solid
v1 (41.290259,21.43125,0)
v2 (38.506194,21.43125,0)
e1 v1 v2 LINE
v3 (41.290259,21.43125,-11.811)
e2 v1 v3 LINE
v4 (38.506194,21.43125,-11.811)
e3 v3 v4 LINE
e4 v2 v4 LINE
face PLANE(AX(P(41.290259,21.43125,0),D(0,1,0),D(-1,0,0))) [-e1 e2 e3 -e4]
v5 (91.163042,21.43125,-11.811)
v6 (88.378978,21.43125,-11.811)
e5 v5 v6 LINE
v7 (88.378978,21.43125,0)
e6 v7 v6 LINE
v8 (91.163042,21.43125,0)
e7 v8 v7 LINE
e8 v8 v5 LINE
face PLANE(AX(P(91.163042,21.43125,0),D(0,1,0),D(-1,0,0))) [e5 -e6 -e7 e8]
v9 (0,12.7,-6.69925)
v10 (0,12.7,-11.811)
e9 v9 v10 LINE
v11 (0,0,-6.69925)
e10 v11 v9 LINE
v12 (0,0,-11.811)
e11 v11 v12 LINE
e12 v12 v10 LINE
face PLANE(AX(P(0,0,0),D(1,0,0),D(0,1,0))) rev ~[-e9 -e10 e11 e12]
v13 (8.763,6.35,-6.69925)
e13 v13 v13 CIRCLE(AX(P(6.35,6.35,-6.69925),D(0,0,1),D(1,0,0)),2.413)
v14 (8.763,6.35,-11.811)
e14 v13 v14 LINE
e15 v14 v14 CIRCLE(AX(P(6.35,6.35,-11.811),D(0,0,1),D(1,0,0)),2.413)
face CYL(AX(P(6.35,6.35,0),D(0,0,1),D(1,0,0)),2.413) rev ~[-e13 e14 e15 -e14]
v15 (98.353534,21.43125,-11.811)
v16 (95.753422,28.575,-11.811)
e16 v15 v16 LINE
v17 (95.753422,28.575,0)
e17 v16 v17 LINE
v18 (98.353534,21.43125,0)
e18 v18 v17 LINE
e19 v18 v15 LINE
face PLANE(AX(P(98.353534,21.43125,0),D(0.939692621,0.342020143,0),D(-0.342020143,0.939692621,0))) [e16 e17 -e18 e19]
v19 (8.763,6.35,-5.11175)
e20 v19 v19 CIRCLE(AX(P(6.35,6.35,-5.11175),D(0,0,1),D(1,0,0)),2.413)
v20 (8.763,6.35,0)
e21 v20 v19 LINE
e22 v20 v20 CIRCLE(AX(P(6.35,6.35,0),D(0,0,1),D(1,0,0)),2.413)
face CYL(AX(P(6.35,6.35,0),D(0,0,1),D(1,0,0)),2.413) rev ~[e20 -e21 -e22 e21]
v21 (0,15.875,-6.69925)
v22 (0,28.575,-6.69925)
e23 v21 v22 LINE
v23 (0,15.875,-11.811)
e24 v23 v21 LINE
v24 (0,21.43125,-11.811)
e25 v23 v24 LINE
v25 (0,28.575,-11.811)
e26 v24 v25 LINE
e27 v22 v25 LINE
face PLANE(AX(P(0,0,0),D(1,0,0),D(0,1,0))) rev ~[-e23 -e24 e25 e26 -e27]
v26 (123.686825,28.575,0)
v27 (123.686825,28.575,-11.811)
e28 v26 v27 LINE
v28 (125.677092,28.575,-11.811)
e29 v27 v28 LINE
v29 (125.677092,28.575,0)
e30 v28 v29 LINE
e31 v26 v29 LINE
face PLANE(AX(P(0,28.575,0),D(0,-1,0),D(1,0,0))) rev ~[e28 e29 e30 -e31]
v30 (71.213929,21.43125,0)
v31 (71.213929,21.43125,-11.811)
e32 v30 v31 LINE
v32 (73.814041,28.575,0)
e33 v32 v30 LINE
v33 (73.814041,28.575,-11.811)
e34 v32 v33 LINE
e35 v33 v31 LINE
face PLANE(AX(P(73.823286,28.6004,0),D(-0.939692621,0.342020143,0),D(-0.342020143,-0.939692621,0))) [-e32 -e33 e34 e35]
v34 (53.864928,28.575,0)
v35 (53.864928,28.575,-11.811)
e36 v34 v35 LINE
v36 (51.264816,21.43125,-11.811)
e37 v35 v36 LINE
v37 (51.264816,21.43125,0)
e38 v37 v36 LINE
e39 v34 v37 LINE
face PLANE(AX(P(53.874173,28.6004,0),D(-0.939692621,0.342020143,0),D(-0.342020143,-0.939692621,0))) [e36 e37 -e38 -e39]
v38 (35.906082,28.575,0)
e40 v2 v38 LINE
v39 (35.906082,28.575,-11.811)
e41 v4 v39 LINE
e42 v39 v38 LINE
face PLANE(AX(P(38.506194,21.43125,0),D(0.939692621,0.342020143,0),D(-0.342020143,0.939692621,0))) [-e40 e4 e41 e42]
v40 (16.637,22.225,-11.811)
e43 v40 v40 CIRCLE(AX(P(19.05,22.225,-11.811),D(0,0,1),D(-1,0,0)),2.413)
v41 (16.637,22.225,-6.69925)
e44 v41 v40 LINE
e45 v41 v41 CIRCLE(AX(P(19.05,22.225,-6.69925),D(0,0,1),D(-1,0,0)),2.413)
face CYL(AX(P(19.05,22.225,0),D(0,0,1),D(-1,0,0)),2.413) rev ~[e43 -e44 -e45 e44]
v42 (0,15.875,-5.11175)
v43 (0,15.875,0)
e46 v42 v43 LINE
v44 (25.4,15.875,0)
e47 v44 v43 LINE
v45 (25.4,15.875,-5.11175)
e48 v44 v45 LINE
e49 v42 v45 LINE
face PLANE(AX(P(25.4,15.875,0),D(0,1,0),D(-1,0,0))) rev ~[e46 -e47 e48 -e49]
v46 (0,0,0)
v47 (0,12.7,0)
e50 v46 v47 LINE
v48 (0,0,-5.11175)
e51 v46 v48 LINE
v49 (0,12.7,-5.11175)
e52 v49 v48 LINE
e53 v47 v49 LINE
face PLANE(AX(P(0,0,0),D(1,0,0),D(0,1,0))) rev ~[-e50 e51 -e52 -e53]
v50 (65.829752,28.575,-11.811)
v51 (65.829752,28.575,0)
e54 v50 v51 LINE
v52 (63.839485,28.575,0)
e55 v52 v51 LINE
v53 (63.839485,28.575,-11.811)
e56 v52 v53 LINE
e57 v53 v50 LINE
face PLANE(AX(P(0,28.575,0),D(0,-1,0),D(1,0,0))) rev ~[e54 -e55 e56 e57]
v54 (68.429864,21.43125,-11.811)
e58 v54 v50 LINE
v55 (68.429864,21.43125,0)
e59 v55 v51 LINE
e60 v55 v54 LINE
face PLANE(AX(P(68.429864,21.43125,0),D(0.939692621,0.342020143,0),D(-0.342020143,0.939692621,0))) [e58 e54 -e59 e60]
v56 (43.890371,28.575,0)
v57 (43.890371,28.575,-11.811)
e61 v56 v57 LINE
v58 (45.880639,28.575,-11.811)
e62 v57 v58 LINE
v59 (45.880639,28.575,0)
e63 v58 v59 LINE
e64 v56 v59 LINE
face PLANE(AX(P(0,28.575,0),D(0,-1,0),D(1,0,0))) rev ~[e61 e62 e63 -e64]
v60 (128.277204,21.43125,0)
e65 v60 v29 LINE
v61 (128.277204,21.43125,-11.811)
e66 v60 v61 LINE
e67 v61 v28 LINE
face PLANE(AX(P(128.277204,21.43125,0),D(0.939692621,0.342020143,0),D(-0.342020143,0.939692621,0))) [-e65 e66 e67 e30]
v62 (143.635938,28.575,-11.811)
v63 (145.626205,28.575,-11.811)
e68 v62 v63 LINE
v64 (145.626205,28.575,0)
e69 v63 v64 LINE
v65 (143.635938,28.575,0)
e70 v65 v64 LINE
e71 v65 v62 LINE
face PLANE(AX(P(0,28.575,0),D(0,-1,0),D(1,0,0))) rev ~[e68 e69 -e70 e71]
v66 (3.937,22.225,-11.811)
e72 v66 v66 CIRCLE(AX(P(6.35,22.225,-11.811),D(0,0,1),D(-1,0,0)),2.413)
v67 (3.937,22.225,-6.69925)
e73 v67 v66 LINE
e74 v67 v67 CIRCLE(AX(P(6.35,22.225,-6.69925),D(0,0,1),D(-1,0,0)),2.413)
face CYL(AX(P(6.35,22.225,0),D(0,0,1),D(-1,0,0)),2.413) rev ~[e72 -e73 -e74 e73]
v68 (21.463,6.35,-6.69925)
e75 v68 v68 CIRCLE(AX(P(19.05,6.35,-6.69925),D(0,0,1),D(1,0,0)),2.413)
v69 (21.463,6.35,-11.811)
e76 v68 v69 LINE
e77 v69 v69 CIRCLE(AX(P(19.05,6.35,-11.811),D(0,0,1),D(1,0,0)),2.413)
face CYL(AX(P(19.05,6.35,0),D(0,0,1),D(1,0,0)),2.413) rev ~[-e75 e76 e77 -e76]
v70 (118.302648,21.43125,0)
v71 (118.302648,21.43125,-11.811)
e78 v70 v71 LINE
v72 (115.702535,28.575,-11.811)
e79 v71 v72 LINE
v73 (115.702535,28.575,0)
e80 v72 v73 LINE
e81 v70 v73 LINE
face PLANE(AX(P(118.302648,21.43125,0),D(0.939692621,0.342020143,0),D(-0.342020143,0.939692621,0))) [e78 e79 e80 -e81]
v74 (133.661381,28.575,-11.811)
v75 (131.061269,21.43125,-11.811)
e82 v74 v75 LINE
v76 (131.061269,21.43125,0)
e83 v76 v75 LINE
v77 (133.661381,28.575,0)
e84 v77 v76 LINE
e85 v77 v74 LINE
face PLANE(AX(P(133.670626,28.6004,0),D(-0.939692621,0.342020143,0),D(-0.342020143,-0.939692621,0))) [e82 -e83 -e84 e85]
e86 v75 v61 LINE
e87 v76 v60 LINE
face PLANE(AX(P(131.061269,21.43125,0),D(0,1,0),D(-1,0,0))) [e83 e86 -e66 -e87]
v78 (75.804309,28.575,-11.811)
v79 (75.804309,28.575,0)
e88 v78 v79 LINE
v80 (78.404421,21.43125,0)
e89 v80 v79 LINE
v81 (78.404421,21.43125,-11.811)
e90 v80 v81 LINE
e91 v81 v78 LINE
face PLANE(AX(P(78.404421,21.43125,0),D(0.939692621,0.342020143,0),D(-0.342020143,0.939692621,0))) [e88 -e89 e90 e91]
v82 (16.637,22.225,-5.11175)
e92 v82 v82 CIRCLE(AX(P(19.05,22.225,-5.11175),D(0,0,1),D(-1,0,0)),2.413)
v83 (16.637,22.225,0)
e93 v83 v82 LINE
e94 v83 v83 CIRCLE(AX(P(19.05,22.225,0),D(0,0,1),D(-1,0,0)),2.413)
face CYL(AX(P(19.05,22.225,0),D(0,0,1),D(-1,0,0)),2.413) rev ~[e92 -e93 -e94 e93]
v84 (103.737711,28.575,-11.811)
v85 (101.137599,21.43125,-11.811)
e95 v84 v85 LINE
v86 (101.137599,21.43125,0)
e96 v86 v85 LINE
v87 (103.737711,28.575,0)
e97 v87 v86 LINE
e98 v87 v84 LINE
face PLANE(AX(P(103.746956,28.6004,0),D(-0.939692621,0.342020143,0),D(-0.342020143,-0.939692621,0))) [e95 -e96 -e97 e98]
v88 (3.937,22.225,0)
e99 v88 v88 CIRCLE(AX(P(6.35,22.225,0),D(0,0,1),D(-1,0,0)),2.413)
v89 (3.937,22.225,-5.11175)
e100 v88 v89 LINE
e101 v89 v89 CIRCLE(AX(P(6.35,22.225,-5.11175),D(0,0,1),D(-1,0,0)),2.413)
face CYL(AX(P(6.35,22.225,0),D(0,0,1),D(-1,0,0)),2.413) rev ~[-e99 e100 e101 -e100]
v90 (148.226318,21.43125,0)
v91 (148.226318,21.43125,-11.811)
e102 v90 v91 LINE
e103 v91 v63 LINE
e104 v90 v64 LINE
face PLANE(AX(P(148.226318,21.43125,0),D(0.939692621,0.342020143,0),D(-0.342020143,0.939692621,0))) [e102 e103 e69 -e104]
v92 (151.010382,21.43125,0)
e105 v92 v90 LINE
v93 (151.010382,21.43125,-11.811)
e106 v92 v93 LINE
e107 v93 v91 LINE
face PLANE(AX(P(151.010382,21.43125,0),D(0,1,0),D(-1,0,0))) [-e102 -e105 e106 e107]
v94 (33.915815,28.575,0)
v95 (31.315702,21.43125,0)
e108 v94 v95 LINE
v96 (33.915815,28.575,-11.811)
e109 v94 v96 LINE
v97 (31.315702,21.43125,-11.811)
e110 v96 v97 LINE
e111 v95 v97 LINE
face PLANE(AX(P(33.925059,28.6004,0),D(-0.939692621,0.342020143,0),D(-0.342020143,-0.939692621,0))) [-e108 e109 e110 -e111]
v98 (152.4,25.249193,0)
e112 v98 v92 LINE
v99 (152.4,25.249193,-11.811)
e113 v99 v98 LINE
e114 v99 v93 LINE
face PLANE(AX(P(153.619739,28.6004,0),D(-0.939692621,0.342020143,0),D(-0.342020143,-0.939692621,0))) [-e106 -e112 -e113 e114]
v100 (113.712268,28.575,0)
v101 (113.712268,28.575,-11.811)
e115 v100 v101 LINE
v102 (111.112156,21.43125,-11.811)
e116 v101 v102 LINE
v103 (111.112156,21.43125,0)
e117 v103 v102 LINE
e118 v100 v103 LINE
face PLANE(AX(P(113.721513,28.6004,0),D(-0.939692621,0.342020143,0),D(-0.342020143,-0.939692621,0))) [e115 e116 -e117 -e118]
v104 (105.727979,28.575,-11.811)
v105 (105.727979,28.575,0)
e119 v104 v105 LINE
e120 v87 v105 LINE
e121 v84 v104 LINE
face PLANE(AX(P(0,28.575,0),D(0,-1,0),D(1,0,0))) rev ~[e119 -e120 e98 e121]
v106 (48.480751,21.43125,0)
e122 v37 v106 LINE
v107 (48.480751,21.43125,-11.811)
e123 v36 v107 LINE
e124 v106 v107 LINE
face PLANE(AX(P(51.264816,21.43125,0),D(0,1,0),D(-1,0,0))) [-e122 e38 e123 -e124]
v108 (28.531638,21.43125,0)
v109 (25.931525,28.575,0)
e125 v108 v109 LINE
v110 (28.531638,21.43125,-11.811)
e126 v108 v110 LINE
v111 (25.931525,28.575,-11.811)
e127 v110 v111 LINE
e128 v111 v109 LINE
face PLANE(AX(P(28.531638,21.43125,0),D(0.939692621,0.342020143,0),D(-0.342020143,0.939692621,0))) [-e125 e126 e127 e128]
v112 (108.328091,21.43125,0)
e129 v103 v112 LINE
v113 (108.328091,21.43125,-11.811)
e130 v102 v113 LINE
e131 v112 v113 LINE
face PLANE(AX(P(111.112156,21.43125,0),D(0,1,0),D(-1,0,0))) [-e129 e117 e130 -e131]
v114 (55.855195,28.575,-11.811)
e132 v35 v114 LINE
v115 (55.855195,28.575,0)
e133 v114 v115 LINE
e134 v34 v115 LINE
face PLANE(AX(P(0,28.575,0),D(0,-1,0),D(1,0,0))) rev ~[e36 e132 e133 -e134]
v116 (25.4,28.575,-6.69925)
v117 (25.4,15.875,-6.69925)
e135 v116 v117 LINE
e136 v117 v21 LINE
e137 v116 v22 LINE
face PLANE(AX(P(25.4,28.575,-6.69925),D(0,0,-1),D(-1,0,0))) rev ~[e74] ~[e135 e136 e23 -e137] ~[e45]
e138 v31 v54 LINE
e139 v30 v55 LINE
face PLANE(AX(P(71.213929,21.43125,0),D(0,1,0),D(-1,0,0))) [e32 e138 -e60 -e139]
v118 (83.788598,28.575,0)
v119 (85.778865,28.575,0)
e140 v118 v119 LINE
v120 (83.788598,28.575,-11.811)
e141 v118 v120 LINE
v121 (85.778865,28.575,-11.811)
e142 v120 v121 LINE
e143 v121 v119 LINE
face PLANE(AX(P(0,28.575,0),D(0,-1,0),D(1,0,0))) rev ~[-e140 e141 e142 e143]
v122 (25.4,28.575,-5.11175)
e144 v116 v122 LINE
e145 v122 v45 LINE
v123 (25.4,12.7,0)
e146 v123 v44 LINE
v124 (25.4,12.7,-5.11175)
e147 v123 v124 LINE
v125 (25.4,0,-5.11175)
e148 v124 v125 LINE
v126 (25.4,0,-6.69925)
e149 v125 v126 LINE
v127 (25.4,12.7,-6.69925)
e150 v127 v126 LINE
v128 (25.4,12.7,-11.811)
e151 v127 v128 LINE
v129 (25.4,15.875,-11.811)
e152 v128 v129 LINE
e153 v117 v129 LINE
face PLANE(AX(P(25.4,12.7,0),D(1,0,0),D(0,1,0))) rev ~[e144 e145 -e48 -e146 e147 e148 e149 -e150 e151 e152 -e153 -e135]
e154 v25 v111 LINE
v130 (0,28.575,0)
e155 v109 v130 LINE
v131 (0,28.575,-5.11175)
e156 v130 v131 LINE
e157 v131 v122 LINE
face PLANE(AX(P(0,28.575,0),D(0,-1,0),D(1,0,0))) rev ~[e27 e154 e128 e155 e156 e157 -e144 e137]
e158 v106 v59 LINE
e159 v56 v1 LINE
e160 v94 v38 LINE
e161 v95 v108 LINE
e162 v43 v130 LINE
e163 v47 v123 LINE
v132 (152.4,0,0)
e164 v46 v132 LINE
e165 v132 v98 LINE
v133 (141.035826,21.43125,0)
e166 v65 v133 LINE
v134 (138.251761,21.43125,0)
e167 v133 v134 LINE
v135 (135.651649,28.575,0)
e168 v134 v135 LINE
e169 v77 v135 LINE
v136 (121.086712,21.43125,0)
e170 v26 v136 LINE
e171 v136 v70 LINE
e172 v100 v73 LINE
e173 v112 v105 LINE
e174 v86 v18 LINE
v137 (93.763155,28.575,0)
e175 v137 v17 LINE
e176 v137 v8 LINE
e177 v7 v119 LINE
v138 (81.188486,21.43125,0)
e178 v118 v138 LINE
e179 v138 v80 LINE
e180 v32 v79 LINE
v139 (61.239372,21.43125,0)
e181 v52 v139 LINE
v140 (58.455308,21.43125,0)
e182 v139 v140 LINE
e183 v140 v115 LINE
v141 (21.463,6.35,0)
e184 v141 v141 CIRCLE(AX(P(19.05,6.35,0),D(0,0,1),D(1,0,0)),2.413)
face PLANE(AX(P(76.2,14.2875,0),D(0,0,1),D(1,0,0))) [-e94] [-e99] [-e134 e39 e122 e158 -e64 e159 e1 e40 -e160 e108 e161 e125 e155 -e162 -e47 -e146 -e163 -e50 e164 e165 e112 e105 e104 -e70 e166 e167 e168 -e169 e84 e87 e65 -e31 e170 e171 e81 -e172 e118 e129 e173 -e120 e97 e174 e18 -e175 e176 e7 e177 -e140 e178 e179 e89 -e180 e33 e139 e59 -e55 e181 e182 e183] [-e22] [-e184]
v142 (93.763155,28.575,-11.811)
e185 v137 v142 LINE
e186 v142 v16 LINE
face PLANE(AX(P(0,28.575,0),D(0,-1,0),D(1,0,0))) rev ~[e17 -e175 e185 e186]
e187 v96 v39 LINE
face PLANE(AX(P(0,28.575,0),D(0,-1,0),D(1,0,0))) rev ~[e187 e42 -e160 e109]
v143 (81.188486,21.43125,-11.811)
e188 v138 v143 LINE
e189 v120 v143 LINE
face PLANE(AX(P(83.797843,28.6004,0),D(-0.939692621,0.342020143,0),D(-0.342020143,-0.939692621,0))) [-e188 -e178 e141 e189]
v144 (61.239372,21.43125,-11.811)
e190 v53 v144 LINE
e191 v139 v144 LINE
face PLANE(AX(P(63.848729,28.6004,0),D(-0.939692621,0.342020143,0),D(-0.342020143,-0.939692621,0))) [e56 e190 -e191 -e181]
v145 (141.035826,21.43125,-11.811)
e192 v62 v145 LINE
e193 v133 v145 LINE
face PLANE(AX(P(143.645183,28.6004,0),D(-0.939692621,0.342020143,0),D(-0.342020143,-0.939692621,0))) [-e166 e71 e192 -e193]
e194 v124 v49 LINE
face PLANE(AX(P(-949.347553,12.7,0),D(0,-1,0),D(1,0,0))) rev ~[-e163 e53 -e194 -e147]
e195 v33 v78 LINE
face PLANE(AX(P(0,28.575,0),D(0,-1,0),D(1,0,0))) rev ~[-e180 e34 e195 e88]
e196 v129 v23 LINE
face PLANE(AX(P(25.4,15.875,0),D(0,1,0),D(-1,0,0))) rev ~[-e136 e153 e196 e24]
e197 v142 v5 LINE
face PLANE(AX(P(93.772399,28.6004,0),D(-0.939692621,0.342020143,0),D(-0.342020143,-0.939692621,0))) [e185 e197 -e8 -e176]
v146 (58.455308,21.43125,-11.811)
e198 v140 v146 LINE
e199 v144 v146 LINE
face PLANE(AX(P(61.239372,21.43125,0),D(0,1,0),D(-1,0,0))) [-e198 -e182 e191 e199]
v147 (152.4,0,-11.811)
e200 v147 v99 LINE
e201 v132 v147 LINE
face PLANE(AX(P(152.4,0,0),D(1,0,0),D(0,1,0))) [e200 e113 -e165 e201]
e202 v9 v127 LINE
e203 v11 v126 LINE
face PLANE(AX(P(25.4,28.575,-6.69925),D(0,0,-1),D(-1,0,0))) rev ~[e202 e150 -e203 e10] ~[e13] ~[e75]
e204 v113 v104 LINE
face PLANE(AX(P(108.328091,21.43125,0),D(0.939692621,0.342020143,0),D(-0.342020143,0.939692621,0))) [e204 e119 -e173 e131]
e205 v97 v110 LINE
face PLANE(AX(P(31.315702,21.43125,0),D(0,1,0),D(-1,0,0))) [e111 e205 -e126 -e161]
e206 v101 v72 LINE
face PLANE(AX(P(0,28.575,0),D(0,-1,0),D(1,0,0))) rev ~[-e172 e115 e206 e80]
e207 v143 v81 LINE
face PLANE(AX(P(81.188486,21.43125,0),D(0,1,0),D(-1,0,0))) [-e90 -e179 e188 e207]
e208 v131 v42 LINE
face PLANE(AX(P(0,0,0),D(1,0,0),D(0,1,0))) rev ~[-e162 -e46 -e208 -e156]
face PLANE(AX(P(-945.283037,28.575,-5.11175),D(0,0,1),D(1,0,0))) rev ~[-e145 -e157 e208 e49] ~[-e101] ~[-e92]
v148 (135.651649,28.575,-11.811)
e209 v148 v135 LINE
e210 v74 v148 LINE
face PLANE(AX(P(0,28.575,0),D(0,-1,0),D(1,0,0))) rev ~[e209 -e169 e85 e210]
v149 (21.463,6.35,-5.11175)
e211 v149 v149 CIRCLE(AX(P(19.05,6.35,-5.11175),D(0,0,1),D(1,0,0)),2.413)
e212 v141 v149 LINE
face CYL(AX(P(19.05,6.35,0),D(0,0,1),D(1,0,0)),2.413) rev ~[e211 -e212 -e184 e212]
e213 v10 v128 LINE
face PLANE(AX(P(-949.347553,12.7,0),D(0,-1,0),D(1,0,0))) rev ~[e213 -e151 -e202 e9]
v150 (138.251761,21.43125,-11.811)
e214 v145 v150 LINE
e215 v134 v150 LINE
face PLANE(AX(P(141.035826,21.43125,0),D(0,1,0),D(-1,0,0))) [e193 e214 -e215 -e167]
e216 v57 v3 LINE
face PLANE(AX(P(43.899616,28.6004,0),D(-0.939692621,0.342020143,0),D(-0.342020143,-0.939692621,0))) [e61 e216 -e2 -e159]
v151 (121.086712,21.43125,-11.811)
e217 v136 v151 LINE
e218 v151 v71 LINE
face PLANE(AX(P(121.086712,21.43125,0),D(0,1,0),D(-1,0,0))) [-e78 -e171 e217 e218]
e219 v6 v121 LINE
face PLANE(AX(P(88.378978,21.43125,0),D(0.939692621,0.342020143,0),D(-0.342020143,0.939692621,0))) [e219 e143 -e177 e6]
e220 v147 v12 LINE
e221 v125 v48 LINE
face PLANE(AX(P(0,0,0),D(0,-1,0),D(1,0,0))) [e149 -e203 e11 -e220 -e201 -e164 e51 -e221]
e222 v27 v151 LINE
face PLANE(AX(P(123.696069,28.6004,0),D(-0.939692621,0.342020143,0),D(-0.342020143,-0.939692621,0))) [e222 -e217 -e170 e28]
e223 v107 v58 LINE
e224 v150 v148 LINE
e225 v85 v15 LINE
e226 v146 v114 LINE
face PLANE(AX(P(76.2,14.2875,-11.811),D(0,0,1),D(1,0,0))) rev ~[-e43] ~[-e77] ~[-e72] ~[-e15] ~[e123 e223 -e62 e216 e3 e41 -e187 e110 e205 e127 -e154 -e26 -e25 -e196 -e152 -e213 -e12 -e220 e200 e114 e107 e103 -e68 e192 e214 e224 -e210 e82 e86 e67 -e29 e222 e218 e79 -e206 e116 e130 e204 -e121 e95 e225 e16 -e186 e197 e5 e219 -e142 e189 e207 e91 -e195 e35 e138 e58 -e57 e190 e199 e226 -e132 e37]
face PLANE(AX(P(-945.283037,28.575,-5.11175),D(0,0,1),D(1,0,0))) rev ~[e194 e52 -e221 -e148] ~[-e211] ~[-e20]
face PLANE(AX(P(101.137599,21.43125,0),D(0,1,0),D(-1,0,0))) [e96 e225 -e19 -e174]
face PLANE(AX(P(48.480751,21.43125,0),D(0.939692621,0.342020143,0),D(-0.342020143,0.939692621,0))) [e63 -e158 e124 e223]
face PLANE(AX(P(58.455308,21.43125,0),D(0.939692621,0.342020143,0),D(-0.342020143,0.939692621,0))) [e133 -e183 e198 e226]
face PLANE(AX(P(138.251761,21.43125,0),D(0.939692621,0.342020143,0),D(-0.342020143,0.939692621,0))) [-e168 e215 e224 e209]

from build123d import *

# Parameters (mm, degrees)
BLANKSKE_W              = 152.4
BLANKSKE_H              = 28.575
BLANK_DEPTH             = 11.811
TOOTHCUTSIM_DEPTH       = 156.504952802
TEETHCUTS_COUNT         = 16
TEETHCUTS_PITCH         = 9.974556664
SKETCH2_W               = 23.941257987
SKETCH2_H               = 28.575
BOSS_EXTRUDE1_DEPTH     = 11.811
CUT_EXTRUDE1_DEPTH      = 156.504952802
CUT_EXTRUDE1_DEPTH_BACK = 156.504952802
CUT_EXTRUDE5_DEPTH      = 156.504952802
CUT_EXTRUDE5_DEPTH_BACK = 156.504952802
SKETCH5_R               = 2.413
CUT_EXTRUDE6_DEPTH      = 12.446


with BuildPart() as part:
    # BlankSke → Blank (new body)
    with BuildSketch(Plane.XY):
        with Locations((76.2, 14.2875)):
            Rectangle(BLANKSKE_W, BLANKSKE_H)
    extrude(amount=-BLANK_DEPTH)

    # TooCutSkeSim → ToothCutSim (cut, through all)
    with BuildSketch(Plane.XY):
        Polygon((1.392032299, 21.43125), (-1.392032299, 21.43125), (-4.001389504, 28.6004), (4.001389504, 28.6004), align=None)
    toothcutsim = extrude(amount=-TOOTHCUTSIM_DEPTH, mode=Mode.SUBTRACT)

    # TeethCuts: ToothCutSim ×16
    with Locations(*[(i * TEETHCUTS_PITCH, 0, 0) for i in range(1, TEETHCUTS_COUNT)]):
        add(toothcutsim, mode=Mode.SUBTRACT)

    # Sketch2 → Boss-Extrude1 (add)
    with BuildSketch(Plane.XY):
        with Locations((11.970628994, 14.2875)):
            Rectangle(SKETCH2_W, SKETCH2_H)
    extrude(amount=-BOSS_EXTRUDE1_DEPTH)

    # Sketch3 → Cut-Extrude1 (cut, two sides)
    with BuildSketch(Plane.XY) as cut_extrude1_sk:
        Polygon((-316.449184205, 12.7), (0, 12.7), (25.4, 12.7), (25.4, 15.875), (0, 15.875), (-316.449184205, 15.875), (-949.347552615, 15.875), (-949.347552615, 12.7), align=None)
    extrude(amount=CUT_EXTRUDE1_DEPTH, mode=Mode.SUBTRACT)
    extrude(cut_extrude1_sk.sketch, amount=-CUT_EXTRUDE1_DEPTH_BACK, mode=Mode.SUBTRACT)

    # Sketch4 → Cut-Extrude5 (cut, two sides)
    with BuildSketch(Plane(origin=(0, 28.575, 0), x_dir=(1, 0, 0), z_dir=(0, 1, 0))) as cut_extrude5_sk:
        Polygon((-315.09434574, 6.69925), (0, 6.69925), (25.4, 6.69925), (25.4, 5.11175), (0, 5.11175), (-315.09434574, 5.11175), (-945.283037219, 5.11175), (-945.283037219, 6.69925), align=None)
    extrude(amount=CUT_EXTRUDE5_DEPTH, mode=Mode.SUBTRACT)
    extrude(cut_extrude5_sk.sketch, amount=-CUT_EXTRUDE5_DEPTH_BACK, mode=Mode.SUBTRACT)

    # Sketch5 → Cut-Extrude6 (cut)
    with BuildSketch(Plane.XY):
        with Locations(Location((6.35, 22.225, 0), (0, 0, 180))):
            Circle(SKETCH5_R)
        with Locations(Location((19.05, 22.225, 0), (0, 0, 180))):
            Circle(SKETCH5_R)
        with Locations((19.05, 6.35)):
            Circle(SKETCH5_R)
        with Locations((6.35, 6.35)):
            Circle(SKETCH5_R)
    extrude(amount=-CUT_EXTRUDE6_DEPTH, mode=Mode.SUBTRACT)


solid = part.part
